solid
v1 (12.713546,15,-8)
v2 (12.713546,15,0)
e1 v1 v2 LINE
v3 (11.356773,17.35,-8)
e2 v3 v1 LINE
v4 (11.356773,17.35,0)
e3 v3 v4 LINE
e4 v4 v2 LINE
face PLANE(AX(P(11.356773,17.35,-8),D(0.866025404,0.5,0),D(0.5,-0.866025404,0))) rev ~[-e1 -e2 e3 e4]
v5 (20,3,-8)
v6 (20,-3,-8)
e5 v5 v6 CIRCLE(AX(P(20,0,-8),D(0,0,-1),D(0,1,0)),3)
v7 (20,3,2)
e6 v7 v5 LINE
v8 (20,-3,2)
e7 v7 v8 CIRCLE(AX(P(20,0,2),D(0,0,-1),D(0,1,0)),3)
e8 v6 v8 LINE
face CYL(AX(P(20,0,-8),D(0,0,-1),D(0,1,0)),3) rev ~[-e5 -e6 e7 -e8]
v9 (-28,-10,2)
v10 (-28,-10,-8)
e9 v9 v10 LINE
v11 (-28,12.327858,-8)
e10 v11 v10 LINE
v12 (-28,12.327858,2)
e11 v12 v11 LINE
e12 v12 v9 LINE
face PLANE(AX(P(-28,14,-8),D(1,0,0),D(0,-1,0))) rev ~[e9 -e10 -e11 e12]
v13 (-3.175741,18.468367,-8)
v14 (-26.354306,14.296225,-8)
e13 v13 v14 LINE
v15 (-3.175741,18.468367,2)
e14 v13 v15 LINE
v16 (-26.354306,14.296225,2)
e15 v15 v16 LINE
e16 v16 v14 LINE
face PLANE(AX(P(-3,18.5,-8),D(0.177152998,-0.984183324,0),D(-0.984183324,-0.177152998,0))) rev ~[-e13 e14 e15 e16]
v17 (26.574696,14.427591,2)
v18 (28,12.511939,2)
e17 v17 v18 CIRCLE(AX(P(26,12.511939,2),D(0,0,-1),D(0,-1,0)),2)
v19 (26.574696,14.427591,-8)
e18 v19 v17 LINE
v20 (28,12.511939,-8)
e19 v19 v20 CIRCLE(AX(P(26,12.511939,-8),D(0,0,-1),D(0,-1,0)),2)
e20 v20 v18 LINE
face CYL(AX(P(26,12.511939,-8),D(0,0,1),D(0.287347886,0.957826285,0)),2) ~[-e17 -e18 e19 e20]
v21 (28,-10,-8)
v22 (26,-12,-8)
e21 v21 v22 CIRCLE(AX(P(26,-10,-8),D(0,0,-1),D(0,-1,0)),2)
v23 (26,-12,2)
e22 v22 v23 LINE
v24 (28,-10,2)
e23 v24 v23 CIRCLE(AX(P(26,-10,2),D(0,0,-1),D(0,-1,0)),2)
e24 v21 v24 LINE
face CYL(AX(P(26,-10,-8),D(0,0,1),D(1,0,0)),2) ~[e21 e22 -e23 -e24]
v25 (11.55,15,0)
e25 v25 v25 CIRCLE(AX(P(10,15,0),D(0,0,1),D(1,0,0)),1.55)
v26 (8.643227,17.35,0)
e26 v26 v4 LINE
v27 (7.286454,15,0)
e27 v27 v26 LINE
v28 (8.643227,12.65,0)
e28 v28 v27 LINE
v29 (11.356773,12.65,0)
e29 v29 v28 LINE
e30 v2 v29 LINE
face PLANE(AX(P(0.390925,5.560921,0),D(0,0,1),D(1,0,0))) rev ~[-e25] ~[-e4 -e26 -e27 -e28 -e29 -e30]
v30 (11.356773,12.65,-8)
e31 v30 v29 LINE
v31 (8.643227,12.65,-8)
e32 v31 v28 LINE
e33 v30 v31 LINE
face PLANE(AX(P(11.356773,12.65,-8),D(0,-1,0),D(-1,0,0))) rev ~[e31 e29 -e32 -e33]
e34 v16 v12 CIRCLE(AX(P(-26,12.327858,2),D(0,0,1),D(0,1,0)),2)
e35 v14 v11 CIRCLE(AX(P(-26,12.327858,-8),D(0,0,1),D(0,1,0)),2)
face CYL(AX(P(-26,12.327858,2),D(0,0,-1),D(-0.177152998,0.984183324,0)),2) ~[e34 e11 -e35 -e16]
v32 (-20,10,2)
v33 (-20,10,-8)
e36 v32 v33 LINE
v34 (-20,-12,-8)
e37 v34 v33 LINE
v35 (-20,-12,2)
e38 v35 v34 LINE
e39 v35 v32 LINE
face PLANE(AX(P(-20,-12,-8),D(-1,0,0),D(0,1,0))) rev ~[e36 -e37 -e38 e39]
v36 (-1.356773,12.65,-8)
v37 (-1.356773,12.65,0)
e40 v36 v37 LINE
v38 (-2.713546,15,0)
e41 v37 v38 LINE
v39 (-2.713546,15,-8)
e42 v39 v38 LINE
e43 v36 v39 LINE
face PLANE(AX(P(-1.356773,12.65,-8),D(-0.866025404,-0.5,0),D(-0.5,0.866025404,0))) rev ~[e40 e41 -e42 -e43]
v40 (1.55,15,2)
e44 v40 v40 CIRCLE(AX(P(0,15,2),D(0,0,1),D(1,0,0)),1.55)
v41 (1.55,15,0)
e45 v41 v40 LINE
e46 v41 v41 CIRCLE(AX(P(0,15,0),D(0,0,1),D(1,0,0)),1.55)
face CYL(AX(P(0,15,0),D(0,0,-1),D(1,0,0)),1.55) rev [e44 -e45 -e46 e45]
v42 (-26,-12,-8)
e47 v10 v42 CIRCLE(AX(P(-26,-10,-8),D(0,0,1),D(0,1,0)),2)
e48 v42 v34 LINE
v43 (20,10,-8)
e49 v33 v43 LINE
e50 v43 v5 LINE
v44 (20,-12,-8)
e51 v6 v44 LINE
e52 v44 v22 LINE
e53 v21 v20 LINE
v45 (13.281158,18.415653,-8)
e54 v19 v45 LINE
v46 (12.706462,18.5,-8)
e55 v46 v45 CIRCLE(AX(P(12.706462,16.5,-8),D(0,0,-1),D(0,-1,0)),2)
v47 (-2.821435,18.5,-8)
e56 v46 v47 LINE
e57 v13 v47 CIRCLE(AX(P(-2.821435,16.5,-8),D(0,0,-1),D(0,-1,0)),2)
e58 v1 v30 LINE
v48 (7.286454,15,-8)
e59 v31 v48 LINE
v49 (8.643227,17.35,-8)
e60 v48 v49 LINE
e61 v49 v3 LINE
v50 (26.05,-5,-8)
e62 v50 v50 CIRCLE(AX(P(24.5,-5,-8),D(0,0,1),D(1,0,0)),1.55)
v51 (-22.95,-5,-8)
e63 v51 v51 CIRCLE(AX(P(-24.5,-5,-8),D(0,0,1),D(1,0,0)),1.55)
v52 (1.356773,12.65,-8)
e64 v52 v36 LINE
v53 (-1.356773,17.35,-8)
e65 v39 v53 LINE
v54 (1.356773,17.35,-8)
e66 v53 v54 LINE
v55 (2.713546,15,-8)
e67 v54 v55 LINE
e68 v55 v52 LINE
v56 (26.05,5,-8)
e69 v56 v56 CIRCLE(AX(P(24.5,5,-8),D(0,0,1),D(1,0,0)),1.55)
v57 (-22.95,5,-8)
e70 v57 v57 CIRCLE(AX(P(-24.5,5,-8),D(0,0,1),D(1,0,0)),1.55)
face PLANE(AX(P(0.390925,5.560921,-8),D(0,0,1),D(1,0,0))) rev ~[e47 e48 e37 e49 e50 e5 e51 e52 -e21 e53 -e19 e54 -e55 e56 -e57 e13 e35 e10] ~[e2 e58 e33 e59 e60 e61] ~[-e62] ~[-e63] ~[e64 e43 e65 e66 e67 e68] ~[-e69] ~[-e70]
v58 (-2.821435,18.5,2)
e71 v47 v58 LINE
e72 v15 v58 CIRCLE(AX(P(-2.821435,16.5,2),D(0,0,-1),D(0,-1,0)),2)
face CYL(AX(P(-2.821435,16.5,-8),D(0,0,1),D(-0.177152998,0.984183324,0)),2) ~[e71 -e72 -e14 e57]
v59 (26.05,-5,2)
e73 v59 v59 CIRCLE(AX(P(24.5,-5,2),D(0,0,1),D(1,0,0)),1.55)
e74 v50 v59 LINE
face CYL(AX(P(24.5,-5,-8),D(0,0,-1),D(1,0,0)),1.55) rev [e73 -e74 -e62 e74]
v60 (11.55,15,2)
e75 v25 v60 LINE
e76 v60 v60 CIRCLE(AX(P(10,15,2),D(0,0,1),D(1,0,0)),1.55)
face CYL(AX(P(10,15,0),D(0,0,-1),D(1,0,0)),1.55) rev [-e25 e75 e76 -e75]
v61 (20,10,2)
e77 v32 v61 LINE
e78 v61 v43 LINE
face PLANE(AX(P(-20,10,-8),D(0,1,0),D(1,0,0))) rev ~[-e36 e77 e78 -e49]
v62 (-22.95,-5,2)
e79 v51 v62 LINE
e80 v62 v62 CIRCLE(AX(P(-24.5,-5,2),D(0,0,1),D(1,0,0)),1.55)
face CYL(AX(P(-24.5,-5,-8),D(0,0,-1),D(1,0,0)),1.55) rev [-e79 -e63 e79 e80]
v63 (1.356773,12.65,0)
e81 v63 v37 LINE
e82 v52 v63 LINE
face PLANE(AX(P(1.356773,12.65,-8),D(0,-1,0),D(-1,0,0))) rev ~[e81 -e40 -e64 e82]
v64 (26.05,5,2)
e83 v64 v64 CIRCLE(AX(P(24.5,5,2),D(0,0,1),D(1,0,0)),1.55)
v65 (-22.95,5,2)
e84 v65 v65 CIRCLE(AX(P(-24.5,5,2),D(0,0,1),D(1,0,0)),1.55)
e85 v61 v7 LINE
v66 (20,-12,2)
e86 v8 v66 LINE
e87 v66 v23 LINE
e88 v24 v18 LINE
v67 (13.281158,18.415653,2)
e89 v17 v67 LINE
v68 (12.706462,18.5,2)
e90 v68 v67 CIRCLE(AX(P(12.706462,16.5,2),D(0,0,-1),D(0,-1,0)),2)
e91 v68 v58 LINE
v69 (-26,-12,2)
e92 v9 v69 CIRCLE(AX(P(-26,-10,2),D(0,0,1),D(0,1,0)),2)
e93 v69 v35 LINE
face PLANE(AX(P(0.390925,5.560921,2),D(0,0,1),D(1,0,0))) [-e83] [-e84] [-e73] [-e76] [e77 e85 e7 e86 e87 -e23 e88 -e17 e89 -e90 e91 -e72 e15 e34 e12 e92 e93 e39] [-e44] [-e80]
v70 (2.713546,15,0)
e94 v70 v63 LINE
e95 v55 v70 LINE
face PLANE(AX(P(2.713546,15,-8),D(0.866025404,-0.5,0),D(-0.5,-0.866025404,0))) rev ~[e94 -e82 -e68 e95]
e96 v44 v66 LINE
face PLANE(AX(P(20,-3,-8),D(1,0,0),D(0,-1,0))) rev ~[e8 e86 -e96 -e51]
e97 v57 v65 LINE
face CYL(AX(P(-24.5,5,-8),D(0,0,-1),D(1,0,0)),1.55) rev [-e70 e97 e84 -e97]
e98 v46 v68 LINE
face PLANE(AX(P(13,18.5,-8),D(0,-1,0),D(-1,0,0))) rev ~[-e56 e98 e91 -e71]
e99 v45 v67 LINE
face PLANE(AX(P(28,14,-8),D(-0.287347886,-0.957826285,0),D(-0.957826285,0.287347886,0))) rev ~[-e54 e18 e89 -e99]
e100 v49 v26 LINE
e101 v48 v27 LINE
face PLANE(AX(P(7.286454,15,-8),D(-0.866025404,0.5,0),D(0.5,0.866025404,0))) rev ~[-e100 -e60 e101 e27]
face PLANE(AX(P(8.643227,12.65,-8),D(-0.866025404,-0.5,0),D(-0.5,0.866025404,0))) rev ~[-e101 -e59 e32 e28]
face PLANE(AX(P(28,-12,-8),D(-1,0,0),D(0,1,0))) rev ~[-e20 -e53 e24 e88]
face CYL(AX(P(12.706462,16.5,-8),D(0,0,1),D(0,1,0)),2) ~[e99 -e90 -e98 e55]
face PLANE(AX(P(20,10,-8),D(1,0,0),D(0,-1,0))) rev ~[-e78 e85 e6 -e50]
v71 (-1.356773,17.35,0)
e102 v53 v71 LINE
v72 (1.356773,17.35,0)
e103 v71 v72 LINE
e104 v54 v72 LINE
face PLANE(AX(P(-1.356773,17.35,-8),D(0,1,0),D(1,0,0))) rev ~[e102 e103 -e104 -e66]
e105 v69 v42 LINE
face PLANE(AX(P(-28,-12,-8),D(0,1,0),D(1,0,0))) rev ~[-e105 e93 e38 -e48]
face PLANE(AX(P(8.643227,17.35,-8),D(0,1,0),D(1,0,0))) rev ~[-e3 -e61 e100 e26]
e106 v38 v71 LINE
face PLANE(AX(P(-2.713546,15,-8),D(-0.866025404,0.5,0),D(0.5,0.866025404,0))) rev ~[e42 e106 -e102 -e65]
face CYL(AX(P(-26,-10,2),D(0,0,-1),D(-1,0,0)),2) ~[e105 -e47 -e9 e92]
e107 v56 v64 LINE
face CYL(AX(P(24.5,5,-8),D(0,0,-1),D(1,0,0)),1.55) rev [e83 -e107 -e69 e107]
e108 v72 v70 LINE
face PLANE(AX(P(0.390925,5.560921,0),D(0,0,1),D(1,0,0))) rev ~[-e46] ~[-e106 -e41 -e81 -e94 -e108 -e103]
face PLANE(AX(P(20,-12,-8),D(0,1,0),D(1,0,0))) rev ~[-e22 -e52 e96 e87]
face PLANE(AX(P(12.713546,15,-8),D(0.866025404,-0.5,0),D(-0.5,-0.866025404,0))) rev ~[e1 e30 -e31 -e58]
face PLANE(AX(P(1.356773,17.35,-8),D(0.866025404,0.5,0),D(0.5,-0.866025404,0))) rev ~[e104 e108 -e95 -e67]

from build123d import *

# Parameters (mm, degrees)
SKETCH_1_R      = 1.55
EXTRUDE_3_DEPTH = 2
EXTRUDE_START   = -8
SKETCH_1_7_R    = 1.55
EXTRUDE_5_DEPTH = 8
FILLET_4_R      = 2


with BuildPart() as part:
    # 草图1 → 凸台-拉伸3 (new body)
    with BuildSketch(Plane.XY):
        with BuildLine():
            ThreePointArc((20, 3), (23, 0), (20, -3))
            Line((20, -3), (20, -12))
            Line((20, -12), (28, -12))
            Line((28, -12), (28, 14))
            Line((28, 14), (13, 18.5))
            Line((13, 18.5), (-3, 18.5))
            Line((-3, 18.5), (-28, 14))
            Line((-28, 14), (-28, -12))
            Line((-28, -12), (-20, -12))
            Line((-20, -12), (-20, 10))
            Line((-20, 10), (20, 10))
            Line((20, 10), (20, 3))
        make_face()
        with Locations((24.5, 5)):
            Circle(SKETCH_1_R, mode=Mode.SUBTRACT)
        with Locations((24.5, -5)):
            Circle(SKETCH_1_R, mode=Mode.SUBTRACT)
        with Locations((-24.5, 5)):
            Circle(SKETCH_1_R, mode=Mode.SUBTRACT)
        with Locations((-24.5, -5)):
            Circle(SKETCH_1_R, mode=Mode.SUBTRACT)
        with Locations((0, 15)):
            Circle(SKETCH_1_R, mode=Mode.SUBTRACT)
        with Locations((10, 15)):
            Circle(SKETCH_1_R, mode=Mode.SUBTRACT)
    extrude(amount=EXTRUDE_3_DEPTH)

    # 草图1<7> → 凸台-拉伸5 (add)
    with BuildSketch(Plane.XY.offset(EXTRUDE_START)):
        with BuildLine():
            ThreePointArc((20, 3), (23, 0), (20, -3))
            Line((20, -3), (20, -12))
            Line((20, -12), (28, -12))
            Line((28, -12), (28, 14))
            Line((28, 14), (13, 18.5))
            Line((13, 18.5), (-3, 18.5))
            Line((-3, 18.5), (-28, 14))
            Line((-28, 14), (-28, -12))
            Line((-28, -12), (-20, -12))
            Line((-20, -12), (-20, 10))
            Line((-20, 10), (20, 10))
            Line((20, 10), (20, 3))
        make_face()
        with Locations((24.5, 5)):
            Circle(SKETCH_1_7_R, mode=Mode.SUBTRACT)
        with Locations((24.5, -5)):
            Circle(SKETCH_1_7_R, mode=Mode.SUBTRACT)
        with Locations((-24.5, 5)):
            Circle(SKETCH_1_7_R, mode=Mode.SUBTRACT)
        with Locations((-24.5, -5)):
            Circle(SKETCH_1_7_R, mode=Mode.SUBTRACT)
        Polygon((-1.356773133, 12.65), (-2.713546265, 15), (-1.356773133, 17.35), (1.356773133, 17.35), (2.713546265, 15), (1.356773133, 12.65), align=None, mode=Mode.SUBTRACT)
        Polygon((8.643226867, 12.65), (7.286453735, 15), (8.643226867, 17.35), (11.356773133, 17.35), (12.713546265, 15), (11.356773133, 12.65), align=None, mode=Mode.SUBTRACT)
    extrude(amount=EXTRUDE_5_DEPTH)

    # 圆角4
    fillet_4_edges = [part.edges().sort_by_distance(p)[0] for p in [
        (28, -12, -3),
        (-28, -12, -3),
        (-28, 14, -3),
        (-3, 18.5, -3),
        (13, 18.5, -3),
        (28, 14, -3),
    ]]
    fillet(fillet_4_edges, radius=FILLET_4_R)


solid = part.part
